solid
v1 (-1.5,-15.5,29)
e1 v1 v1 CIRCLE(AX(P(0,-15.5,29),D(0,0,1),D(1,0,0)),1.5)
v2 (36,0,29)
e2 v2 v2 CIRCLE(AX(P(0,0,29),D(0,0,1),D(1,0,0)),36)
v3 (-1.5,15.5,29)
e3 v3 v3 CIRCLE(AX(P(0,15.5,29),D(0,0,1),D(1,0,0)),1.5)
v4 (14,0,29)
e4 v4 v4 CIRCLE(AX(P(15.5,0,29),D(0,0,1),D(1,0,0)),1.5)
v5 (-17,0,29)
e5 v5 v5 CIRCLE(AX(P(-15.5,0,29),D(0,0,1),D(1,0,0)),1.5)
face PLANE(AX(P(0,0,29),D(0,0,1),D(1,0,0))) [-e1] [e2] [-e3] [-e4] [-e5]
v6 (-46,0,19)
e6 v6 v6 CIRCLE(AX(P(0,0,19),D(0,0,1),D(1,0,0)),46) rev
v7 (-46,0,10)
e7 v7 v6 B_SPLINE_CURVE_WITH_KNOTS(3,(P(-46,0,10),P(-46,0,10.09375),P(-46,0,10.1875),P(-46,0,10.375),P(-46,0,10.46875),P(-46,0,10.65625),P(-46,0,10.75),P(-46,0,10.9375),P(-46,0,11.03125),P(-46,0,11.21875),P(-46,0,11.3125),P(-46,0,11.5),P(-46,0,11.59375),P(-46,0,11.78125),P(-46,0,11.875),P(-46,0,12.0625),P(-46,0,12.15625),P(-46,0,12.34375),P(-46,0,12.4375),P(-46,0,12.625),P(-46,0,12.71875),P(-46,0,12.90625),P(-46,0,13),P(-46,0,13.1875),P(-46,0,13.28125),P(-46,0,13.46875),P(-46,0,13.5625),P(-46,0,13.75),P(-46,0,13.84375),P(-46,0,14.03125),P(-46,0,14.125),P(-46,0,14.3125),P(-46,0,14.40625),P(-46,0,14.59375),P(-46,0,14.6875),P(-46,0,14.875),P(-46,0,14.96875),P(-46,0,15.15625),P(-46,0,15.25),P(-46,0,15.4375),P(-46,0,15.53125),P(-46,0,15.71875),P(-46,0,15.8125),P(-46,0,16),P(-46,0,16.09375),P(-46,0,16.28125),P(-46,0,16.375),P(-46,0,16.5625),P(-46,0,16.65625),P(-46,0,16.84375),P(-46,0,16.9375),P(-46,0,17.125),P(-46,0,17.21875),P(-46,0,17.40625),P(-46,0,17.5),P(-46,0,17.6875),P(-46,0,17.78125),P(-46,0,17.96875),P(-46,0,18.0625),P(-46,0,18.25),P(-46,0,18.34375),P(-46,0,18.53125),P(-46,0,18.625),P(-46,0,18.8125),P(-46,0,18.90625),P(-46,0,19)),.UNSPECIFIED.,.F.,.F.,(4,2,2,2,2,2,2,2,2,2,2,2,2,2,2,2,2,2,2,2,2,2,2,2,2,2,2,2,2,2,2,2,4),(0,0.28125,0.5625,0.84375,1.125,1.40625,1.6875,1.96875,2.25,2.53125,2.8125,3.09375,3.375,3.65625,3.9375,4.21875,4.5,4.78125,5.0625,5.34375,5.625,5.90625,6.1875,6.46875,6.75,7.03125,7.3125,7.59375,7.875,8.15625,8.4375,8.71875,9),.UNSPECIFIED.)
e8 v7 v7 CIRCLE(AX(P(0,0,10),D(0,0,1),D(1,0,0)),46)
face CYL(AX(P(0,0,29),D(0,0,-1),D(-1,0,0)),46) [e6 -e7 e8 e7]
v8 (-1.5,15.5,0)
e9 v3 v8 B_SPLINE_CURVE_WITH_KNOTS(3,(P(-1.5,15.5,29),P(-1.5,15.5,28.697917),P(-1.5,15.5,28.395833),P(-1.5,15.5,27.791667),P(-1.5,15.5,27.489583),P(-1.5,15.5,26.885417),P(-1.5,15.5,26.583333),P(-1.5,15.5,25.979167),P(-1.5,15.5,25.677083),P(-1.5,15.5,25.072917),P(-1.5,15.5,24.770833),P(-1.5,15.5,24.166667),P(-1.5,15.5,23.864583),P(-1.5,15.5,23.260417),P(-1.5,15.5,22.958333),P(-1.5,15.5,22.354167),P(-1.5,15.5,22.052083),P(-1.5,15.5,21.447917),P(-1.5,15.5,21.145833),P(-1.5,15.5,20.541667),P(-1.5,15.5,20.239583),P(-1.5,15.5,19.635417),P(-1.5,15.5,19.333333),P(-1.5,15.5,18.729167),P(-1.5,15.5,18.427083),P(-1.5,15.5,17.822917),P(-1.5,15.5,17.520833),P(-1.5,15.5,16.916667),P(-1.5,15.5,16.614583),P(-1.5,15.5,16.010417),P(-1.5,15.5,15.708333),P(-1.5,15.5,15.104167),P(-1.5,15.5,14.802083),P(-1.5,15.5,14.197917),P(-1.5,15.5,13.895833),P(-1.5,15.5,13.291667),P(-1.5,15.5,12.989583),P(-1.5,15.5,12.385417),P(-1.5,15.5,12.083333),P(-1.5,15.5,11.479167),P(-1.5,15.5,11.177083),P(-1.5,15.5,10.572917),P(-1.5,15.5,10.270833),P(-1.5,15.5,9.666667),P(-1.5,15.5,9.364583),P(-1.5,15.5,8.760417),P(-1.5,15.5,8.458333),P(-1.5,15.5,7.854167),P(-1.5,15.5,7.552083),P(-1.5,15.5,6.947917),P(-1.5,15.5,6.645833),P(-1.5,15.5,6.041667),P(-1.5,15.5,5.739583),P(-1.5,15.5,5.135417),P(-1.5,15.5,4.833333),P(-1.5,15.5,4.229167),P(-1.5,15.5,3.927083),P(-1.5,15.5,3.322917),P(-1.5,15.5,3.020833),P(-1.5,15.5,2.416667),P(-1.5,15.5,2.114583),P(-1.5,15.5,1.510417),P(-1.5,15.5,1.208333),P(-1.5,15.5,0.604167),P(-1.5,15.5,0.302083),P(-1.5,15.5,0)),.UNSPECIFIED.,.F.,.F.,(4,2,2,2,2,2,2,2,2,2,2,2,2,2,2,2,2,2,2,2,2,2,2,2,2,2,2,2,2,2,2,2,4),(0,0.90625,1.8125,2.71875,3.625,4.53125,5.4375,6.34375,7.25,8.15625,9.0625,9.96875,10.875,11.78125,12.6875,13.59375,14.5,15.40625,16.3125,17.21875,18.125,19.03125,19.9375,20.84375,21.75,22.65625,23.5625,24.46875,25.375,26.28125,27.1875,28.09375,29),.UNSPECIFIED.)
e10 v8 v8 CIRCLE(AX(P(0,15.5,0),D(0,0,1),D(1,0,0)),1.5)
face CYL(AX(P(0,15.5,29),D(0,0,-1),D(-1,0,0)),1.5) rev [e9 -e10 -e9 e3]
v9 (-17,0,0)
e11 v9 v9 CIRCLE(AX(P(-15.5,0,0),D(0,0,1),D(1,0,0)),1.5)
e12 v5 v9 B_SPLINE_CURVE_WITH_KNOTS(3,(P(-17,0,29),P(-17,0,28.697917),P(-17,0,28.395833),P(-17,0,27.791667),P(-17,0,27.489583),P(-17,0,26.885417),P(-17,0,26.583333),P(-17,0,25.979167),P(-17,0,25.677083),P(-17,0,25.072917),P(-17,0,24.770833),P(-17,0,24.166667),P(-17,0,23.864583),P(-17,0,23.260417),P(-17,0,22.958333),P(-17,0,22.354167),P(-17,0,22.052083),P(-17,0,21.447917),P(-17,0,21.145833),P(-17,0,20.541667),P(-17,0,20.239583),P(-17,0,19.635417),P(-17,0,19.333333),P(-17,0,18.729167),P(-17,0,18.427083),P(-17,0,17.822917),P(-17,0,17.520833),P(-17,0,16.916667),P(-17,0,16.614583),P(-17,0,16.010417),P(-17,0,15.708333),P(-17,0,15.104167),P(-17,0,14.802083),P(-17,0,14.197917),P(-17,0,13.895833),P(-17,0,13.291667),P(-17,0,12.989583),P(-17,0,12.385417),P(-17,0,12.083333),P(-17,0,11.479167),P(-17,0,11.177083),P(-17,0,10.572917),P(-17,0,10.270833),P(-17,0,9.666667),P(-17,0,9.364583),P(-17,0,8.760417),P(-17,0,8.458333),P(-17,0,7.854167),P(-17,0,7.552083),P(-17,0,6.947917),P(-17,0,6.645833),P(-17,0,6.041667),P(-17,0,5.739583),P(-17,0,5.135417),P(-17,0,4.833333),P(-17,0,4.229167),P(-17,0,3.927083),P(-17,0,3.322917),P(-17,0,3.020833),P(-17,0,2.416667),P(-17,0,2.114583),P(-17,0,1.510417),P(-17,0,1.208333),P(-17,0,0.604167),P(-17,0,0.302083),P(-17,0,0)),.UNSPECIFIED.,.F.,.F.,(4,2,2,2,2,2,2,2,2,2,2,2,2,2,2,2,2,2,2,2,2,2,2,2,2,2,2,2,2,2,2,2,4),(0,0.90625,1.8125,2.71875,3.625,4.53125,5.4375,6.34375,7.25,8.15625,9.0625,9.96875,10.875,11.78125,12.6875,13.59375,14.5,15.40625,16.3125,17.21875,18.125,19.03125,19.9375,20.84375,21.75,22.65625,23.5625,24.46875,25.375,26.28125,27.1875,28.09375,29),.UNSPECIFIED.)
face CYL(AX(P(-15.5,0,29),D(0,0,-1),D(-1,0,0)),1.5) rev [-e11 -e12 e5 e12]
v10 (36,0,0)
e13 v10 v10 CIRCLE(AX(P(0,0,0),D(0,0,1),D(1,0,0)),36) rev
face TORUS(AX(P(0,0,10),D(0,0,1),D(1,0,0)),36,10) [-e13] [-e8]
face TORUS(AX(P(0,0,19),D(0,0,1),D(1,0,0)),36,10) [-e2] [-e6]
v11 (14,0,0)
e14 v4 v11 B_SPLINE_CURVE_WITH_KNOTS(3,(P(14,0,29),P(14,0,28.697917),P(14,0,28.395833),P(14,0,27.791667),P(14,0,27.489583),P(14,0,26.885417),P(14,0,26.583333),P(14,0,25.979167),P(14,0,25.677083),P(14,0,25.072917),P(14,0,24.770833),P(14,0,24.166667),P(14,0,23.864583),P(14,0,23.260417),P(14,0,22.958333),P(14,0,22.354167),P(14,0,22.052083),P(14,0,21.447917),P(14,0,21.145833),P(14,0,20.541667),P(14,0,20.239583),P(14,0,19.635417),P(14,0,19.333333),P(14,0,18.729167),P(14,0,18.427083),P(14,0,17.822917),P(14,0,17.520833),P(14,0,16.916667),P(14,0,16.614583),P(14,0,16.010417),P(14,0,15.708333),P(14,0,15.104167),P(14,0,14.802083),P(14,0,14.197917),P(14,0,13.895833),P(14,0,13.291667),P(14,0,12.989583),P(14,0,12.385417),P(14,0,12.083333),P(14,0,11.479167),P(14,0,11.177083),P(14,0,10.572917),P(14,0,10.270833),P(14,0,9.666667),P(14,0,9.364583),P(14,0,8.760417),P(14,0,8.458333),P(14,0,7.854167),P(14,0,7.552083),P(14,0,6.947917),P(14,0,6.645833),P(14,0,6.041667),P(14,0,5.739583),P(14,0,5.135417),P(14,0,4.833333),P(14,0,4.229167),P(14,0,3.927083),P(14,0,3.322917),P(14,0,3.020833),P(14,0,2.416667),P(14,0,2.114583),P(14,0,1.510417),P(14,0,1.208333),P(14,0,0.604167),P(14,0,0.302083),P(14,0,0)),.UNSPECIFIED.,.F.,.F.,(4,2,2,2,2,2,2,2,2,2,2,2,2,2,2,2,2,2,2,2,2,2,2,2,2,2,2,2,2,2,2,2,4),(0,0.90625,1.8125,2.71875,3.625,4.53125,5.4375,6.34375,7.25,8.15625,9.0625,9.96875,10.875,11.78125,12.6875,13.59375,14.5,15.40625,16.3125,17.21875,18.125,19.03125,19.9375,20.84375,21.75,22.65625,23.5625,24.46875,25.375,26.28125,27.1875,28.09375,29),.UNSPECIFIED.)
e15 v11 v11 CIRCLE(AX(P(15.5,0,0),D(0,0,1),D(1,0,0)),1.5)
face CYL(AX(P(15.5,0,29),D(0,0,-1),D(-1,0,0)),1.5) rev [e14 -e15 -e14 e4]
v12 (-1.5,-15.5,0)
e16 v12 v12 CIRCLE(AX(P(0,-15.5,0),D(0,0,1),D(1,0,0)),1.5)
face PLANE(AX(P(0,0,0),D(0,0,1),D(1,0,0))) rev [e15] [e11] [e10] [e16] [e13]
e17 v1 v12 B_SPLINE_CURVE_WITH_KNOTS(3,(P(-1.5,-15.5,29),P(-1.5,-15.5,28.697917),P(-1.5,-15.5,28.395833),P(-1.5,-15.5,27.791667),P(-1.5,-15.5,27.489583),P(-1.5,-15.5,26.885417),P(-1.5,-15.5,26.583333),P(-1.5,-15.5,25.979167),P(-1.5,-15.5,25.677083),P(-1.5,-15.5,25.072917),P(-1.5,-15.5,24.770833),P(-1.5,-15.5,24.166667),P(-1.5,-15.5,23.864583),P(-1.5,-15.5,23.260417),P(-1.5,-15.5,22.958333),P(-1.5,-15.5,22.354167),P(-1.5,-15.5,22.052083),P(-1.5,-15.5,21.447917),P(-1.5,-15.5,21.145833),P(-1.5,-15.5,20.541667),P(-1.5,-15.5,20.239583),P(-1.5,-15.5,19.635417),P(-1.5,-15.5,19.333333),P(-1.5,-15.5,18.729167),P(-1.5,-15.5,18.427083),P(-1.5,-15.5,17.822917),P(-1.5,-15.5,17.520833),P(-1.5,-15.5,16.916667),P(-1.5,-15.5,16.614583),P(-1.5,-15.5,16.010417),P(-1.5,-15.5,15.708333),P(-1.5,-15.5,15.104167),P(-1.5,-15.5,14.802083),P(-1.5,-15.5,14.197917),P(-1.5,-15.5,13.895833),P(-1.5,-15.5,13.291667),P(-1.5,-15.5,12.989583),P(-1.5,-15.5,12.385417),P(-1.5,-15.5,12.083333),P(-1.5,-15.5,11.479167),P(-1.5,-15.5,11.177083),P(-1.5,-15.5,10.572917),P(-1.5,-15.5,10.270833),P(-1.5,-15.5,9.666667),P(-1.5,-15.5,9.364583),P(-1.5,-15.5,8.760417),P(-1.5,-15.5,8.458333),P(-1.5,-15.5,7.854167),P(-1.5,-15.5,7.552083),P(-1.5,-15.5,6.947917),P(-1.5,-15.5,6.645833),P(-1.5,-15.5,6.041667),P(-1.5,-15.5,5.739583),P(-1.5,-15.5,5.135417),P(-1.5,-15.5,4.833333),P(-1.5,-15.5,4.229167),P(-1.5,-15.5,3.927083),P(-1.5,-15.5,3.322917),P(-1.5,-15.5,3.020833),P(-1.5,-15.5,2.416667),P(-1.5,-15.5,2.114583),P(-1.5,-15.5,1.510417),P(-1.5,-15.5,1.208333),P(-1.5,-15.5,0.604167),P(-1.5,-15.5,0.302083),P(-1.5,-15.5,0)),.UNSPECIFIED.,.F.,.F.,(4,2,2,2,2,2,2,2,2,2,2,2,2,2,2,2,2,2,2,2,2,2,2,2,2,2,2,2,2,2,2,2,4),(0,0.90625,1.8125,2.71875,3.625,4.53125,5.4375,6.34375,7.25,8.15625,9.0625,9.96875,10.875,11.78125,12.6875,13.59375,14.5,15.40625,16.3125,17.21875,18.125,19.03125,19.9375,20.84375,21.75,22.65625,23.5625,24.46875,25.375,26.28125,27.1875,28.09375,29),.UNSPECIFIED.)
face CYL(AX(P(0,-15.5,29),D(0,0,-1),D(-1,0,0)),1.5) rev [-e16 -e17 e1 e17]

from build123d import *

# Parameters (mm, degrees)
SKETCH_1_R      = 46
SKETCH_1_R_2    = 1.5
EXTRUDE_1_DEPTH = 29
FILLET_1_R      = 10
FILLET_2_R      = 10


with BuildPart() as part:
    # 草图1 → 凸台-拉伸1 (new body)
    with BuildSketch(Plane.XY):
        with Locations(Location((0, 0, 0), (0, 0, 180))):
            Circle(SKETCH_1_R)
        with Locations(Location((0, -15.5, 0), (0, 0, 180))):
            Circle(SKETCH_1_R_2, mode=Mode.SUBTRACT)
        with Locations(Location((-15.5, 0, 0), (0, 0, 180))):
            Circle(SKETCH_1_R_2, mode=Mode.SUBTRACT)
        with Locations(Location((0, 15.5, 0), (0, 0, 180))):
            Circle(SKETCH_1_R_2, mode=Mode.SUBTRACT)
        with Locations(Location((15.5, 0, 0), (0, 0, 180))):
            Circle(SKETCH_1_R_2, mode=Mode.SUBTRACT)
    extrude(amount=EXTRUDE_1_DEPTH)

    # 圆角1
    fillet_1_edges = [part.edges().sort_by_distance(p)[0] for p in [
        (46, 0, 29),
    ]]
    fillet(fillet_1_edges, radius=FILLET_1_R)

    # 圆角2
    fillet_2_edges = [part.edges().sort_by_distance(p)[0] for p in [
        (46, 0, 0),
    ]]
    fillet(fillet_2_edges, radius=FILLET_2_R)


solid = part.part
